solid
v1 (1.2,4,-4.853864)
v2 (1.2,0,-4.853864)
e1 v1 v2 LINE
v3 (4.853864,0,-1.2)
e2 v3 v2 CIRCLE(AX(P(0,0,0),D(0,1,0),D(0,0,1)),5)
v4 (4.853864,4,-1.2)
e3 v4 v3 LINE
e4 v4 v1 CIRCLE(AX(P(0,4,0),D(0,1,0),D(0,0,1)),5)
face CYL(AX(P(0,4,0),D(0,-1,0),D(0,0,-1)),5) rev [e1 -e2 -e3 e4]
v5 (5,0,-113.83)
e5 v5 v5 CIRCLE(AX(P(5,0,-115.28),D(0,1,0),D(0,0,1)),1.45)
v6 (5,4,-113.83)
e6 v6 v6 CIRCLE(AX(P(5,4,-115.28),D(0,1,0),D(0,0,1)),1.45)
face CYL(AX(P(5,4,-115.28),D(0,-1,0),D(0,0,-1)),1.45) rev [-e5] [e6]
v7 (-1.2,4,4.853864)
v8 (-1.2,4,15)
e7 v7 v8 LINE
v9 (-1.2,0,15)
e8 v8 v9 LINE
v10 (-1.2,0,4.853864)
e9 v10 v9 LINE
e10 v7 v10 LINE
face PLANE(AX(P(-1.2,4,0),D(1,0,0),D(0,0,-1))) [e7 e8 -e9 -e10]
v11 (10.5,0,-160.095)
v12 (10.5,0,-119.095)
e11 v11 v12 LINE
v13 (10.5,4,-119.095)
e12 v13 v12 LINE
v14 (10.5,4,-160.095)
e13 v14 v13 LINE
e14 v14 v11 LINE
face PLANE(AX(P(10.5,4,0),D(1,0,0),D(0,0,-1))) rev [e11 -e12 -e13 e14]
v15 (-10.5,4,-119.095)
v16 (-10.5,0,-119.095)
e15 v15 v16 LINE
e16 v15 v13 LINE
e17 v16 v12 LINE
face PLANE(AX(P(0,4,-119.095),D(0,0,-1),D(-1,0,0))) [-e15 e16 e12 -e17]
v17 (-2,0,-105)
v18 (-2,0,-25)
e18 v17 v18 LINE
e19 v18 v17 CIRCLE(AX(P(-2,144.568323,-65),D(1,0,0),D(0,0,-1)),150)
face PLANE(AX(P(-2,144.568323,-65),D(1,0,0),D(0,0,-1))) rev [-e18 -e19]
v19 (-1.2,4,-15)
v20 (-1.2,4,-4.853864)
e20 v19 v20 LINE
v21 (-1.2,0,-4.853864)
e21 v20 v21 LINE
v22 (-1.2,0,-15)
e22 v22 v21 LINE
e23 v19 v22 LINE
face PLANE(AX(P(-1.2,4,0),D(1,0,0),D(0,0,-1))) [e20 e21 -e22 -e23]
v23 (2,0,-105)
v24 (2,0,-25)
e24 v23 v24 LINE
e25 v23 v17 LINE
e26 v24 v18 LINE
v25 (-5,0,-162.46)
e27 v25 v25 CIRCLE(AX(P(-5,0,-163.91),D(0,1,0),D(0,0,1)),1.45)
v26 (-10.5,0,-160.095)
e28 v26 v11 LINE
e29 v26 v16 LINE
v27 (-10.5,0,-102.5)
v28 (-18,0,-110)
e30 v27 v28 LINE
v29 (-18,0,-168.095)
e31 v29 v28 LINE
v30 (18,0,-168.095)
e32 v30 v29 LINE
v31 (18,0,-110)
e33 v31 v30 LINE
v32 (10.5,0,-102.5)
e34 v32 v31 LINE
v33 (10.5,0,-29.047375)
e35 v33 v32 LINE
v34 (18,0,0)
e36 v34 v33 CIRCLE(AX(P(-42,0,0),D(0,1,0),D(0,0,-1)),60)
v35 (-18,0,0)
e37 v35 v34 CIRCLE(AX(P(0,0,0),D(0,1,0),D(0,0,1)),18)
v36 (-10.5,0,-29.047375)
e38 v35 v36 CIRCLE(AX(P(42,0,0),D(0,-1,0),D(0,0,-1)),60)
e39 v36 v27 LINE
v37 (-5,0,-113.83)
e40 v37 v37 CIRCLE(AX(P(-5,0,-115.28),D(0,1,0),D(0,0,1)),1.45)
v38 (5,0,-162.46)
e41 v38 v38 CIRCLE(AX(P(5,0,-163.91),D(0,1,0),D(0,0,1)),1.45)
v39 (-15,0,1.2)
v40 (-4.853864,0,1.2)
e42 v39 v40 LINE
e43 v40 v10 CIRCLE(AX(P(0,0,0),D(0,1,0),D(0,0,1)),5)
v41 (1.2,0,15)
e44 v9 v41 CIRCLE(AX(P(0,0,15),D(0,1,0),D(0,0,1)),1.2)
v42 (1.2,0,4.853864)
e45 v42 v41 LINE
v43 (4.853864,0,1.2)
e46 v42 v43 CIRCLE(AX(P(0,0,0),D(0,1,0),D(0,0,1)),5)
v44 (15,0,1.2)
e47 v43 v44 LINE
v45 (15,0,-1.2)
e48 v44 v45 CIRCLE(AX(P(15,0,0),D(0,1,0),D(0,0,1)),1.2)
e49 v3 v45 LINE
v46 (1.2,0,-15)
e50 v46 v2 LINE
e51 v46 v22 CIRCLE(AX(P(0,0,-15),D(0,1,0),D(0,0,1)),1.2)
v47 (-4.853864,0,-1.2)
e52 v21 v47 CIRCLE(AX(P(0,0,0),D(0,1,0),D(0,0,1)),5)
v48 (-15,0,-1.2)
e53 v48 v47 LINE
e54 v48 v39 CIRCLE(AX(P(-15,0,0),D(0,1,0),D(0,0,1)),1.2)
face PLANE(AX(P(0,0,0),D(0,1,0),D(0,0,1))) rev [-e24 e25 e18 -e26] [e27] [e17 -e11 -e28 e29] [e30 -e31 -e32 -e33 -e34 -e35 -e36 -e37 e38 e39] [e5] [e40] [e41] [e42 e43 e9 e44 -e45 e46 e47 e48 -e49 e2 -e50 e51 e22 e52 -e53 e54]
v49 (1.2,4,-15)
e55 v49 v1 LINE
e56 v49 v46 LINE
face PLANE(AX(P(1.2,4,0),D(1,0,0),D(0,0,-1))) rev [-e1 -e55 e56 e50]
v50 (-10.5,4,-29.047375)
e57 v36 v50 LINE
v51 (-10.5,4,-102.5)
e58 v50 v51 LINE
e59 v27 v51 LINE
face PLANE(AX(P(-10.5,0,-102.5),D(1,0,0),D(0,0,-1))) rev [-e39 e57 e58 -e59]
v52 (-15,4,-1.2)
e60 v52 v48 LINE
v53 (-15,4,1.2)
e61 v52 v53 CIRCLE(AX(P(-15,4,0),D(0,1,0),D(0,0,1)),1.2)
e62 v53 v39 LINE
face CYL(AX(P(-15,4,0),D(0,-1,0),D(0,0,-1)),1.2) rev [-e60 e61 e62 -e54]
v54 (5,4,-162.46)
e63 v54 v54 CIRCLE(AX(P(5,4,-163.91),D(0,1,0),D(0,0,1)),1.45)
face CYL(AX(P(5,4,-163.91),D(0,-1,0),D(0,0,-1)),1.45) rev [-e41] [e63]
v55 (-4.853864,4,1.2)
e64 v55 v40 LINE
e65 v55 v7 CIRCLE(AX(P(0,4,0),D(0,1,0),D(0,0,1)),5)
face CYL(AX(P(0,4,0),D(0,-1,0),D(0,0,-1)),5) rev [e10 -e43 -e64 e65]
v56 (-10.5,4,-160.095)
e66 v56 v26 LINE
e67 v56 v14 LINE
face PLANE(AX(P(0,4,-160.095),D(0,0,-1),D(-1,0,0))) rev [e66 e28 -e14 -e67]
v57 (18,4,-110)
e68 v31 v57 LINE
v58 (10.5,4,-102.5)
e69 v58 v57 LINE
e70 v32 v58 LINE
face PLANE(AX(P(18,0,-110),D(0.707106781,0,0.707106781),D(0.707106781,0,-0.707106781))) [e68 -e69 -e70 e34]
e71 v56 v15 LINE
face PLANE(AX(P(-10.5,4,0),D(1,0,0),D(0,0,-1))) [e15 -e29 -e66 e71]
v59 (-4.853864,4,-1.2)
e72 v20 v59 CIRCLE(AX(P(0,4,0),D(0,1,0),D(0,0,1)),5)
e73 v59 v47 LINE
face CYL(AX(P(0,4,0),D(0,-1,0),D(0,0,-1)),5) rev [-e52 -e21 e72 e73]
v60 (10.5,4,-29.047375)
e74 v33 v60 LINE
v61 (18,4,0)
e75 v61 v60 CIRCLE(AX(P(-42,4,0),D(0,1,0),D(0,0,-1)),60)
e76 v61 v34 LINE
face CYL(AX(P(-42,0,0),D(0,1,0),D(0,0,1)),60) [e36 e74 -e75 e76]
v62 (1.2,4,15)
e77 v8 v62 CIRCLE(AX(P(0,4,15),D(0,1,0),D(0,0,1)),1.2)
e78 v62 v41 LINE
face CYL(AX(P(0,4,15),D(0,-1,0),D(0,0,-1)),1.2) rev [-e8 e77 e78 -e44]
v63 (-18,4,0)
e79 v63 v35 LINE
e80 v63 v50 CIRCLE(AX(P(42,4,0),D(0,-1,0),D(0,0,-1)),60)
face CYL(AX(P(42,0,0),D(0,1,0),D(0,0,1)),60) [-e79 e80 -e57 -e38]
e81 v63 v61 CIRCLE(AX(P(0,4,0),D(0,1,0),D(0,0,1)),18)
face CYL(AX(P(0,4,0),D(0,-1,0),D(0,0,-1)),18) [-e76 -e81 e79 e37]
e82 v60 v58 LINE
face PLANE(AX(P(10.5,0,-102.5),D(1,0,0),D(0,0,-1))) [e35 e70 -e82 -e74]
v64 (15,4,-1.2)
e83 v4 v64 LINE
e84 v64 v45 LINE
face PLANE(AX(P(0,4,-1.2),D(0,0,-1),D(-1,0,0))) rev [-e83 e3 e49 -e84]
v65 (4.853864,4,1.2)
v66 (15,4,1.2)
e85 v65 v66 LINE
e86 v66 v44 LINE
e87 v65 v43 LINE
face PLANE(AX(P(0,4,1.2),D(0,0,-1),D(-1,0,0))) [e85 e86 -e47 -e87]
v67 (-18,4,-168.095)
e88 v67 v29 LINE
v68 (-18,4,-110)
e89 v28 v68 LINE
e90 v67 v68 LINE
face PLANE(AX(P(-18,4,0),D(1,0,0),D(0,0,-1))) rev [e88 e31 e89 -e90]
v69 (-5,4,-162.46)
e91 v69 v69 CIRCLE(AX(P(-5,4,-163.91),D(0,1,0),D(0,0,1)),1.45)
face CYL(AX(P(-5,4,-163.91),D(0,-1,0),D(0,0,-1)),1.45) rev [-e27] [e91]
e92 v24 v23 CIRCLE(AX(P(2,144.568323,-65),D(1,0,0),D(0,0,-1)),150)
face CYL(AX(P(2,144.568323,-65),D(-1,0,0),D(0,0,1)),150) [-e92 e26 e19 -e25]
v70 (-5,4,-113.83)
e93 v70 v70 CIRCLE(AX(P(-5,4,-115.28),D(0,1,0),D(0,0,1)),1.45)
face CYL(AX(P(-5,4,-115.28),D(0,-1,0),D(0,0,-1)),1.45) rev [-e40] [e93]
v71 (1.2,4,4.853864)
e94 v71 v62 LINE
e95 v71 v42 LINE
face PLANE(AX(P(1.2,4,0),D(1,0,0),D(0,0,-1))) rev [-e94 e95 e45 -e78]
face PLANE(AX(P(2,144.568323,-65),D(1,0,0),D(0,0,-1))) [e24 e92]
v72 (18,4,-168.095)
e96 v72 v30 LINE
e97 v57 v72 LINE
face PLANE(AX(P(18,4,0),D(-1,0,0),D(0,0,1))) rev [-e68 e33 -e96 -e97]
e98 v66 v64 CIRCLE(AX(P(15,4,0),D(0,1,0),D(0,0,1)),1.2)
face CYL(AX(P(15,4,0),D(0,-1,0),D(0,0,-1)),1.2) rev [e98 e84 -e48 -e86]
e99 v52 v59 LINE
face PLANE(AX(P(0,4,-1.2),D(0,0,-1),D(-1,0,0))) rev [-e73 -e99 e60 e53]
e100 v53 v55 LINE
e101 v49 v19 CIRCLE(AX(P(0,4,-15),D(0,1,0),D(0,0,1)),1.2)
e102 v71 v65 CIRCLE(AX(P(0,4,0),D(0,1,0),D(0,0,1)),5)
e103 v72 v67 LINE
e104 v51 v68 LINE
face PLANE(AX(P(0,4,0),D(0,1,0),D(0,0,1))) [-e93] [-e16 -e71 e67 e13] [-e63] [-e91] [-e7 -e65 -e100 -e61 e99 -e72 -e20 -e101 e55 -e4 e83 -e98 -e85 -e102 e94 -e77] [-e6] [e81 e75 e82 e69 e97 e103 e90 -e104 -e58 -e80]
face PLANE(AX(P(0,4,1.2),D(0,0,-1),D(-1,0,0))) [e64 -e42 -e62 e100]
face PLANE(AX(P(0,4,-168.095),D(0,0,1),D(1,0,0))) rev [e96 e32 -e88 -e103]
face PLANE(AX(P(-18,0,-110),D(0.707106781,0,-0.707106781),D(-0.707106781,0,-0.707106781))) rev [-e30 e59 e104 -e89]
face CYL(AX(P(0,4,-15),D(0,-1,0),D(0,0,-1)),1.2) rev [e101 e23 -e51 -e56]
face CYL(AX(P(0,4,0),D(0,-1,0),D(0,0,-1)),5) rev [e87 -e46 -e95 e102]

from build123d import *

# Parameters (mm, degrees)
SKETCH_1_R          = 1.45
SKETCH_1_W          = 21
SKETCH_1_H          = 41
EXTRUDE_1_DEPTH     = 4
CUT_EXTRUDE_1_DEPTH = 170.103308735
EXTRUDE_2_DEPTH     = 2


with BuildPart() as part:
    # 스케치1 → 보스-돌출1 (new body)
    with BuildSketch(Plane(origin=(0, 0, 0), x_dir=(1, 0, 0), z_dir=(0, 1, 0))):
        with BuildLine():
            Line((18, 0), (18, 168.095))
            Line((18, 168.095), (-18, 168.095))
            Line((-18, 168.095), (-18, 0))
            ThreePointArc((-18, 0), (0, -18), (18, 0))
        make_face()
        with BuildLine():
            ThreePointArc((-15, -1.2), (-16.2, 0), (-15, 1.2))
            Line((-15, 1.2), (-4.85386444, 1.2))
            ThreePointArc((-4.85386444, 1.2), (-3.535533906, 3.535533906), (-1.2, 4.85386444))
            Line((-1.2, 4.85386444), (-1.2, 15))
            ThreePointArc((-1.2, 15), (0, 16.2), (1.2, 15))
            Line((1.2, 15), (1.2, 4.85386444))
            ThreePointArc((1.2, 4.85386444), (3.535533906, 3.535533906), (4.85386444, 1.2))
            Line((4.85386444, 1.2), (15, 1.2))
            ThreePointArc((15, 1.2), (16.2, 0), (15, -1.2))
            Line((15, -1.2), (4.85386444, -1.2))
            ThreePointArc((4.85386444, -1.2), (3.535533906, -3.535533906), (1.2, -4.85386444))
            Line((1.2, -4.85386444), (1.2, -15))
            ThreePointArc((1.2, -15), (0, -16.2), (-1.2, -15))
            Line((-1.2, -15), (-1.2, -4.85386444))
            ThreePointArc((-1.2, -4.85386444), (-3.535533906, -3.535533906), (-4.85386444, -1.2))
            Line((-4.85386444, -1.2), (-15, -1.2))
        make_face(mode=Mode.SUBTRACT)
        with Locations(Location((-5, 115.28, 0), (0, 0, 270))):
            Circle(SKETCH_1_R, mode=Mode.SUBTRACT)
        with Locations(Location((-5, 163.91, 0), (0, 0, 270))):
            Circle(SKETCH_1_R, mode=Mode.SUBTRACT)
        with Locations(Location((5, 115.28, 0), (0, 0, 270))):
            Circle(SKETCH_1_R, mode=Mode.SUBTRACT)
        with Locations((0, 139.595)):
            Rectangle(SKETCH_1_W, SKETCH_1_H, mode=Mode.SUBTRACT)
        with Locations(Location((5, 163.91, 0), (0, 0, 270))):
            Circle(SKETCH_1_R, mode=Mode.SUBTRACT)
    extrude(amount=EXTRUDE_1_DEPTH)

    # 스케치2 → 컷-돌출1 (cut, through all)
    with BuildSketch(Plane(origin=(0, 4, 0), x_dir=(1, 0, 0), z_dir=(0, 1, 0))):
        with BuildLine():
            Line((-18, 110), (-10.5, 102.5))
            Line((-10.5, 102.5), (-10.5, 29.047375097))
            ThreePointArc((-10.5, 29.047375097), (-16.094750193, 15), (-18, 0))
            Line((-18, 0), (-18, 110))
        make_face()
    cut_extrude_1 = extrude(amount=-CUT_EXTRUDE_1_DEPTH, mode=Mode.SUBTRACT)

    # 대칭 복사1: 컷-돌출1 across plane
    add(cut_extrude_1.mirror(Plane(origin=(0, 0, 0), x_dir=(0, 0, 1), z_dir=(1, 0, 0))), mode=Mode.SUBTRACT)

    # 스케치3 → 보스-돌출2 (add, symmetric)
    with BuildSketch(Plane(origin=(0, 0, 0), x_dir=(0, 0, -1), z_dir=(1, 0, 0))):
        with BuildLine():
            Line((25, 0), (105, 0))
            ThreePointArc((105, 0), (65, -5.431677052), (25, 0))
        make_face()
    extrude(amount=EXTRUDE_2_DEPTH, both=True)


solid = part.part
